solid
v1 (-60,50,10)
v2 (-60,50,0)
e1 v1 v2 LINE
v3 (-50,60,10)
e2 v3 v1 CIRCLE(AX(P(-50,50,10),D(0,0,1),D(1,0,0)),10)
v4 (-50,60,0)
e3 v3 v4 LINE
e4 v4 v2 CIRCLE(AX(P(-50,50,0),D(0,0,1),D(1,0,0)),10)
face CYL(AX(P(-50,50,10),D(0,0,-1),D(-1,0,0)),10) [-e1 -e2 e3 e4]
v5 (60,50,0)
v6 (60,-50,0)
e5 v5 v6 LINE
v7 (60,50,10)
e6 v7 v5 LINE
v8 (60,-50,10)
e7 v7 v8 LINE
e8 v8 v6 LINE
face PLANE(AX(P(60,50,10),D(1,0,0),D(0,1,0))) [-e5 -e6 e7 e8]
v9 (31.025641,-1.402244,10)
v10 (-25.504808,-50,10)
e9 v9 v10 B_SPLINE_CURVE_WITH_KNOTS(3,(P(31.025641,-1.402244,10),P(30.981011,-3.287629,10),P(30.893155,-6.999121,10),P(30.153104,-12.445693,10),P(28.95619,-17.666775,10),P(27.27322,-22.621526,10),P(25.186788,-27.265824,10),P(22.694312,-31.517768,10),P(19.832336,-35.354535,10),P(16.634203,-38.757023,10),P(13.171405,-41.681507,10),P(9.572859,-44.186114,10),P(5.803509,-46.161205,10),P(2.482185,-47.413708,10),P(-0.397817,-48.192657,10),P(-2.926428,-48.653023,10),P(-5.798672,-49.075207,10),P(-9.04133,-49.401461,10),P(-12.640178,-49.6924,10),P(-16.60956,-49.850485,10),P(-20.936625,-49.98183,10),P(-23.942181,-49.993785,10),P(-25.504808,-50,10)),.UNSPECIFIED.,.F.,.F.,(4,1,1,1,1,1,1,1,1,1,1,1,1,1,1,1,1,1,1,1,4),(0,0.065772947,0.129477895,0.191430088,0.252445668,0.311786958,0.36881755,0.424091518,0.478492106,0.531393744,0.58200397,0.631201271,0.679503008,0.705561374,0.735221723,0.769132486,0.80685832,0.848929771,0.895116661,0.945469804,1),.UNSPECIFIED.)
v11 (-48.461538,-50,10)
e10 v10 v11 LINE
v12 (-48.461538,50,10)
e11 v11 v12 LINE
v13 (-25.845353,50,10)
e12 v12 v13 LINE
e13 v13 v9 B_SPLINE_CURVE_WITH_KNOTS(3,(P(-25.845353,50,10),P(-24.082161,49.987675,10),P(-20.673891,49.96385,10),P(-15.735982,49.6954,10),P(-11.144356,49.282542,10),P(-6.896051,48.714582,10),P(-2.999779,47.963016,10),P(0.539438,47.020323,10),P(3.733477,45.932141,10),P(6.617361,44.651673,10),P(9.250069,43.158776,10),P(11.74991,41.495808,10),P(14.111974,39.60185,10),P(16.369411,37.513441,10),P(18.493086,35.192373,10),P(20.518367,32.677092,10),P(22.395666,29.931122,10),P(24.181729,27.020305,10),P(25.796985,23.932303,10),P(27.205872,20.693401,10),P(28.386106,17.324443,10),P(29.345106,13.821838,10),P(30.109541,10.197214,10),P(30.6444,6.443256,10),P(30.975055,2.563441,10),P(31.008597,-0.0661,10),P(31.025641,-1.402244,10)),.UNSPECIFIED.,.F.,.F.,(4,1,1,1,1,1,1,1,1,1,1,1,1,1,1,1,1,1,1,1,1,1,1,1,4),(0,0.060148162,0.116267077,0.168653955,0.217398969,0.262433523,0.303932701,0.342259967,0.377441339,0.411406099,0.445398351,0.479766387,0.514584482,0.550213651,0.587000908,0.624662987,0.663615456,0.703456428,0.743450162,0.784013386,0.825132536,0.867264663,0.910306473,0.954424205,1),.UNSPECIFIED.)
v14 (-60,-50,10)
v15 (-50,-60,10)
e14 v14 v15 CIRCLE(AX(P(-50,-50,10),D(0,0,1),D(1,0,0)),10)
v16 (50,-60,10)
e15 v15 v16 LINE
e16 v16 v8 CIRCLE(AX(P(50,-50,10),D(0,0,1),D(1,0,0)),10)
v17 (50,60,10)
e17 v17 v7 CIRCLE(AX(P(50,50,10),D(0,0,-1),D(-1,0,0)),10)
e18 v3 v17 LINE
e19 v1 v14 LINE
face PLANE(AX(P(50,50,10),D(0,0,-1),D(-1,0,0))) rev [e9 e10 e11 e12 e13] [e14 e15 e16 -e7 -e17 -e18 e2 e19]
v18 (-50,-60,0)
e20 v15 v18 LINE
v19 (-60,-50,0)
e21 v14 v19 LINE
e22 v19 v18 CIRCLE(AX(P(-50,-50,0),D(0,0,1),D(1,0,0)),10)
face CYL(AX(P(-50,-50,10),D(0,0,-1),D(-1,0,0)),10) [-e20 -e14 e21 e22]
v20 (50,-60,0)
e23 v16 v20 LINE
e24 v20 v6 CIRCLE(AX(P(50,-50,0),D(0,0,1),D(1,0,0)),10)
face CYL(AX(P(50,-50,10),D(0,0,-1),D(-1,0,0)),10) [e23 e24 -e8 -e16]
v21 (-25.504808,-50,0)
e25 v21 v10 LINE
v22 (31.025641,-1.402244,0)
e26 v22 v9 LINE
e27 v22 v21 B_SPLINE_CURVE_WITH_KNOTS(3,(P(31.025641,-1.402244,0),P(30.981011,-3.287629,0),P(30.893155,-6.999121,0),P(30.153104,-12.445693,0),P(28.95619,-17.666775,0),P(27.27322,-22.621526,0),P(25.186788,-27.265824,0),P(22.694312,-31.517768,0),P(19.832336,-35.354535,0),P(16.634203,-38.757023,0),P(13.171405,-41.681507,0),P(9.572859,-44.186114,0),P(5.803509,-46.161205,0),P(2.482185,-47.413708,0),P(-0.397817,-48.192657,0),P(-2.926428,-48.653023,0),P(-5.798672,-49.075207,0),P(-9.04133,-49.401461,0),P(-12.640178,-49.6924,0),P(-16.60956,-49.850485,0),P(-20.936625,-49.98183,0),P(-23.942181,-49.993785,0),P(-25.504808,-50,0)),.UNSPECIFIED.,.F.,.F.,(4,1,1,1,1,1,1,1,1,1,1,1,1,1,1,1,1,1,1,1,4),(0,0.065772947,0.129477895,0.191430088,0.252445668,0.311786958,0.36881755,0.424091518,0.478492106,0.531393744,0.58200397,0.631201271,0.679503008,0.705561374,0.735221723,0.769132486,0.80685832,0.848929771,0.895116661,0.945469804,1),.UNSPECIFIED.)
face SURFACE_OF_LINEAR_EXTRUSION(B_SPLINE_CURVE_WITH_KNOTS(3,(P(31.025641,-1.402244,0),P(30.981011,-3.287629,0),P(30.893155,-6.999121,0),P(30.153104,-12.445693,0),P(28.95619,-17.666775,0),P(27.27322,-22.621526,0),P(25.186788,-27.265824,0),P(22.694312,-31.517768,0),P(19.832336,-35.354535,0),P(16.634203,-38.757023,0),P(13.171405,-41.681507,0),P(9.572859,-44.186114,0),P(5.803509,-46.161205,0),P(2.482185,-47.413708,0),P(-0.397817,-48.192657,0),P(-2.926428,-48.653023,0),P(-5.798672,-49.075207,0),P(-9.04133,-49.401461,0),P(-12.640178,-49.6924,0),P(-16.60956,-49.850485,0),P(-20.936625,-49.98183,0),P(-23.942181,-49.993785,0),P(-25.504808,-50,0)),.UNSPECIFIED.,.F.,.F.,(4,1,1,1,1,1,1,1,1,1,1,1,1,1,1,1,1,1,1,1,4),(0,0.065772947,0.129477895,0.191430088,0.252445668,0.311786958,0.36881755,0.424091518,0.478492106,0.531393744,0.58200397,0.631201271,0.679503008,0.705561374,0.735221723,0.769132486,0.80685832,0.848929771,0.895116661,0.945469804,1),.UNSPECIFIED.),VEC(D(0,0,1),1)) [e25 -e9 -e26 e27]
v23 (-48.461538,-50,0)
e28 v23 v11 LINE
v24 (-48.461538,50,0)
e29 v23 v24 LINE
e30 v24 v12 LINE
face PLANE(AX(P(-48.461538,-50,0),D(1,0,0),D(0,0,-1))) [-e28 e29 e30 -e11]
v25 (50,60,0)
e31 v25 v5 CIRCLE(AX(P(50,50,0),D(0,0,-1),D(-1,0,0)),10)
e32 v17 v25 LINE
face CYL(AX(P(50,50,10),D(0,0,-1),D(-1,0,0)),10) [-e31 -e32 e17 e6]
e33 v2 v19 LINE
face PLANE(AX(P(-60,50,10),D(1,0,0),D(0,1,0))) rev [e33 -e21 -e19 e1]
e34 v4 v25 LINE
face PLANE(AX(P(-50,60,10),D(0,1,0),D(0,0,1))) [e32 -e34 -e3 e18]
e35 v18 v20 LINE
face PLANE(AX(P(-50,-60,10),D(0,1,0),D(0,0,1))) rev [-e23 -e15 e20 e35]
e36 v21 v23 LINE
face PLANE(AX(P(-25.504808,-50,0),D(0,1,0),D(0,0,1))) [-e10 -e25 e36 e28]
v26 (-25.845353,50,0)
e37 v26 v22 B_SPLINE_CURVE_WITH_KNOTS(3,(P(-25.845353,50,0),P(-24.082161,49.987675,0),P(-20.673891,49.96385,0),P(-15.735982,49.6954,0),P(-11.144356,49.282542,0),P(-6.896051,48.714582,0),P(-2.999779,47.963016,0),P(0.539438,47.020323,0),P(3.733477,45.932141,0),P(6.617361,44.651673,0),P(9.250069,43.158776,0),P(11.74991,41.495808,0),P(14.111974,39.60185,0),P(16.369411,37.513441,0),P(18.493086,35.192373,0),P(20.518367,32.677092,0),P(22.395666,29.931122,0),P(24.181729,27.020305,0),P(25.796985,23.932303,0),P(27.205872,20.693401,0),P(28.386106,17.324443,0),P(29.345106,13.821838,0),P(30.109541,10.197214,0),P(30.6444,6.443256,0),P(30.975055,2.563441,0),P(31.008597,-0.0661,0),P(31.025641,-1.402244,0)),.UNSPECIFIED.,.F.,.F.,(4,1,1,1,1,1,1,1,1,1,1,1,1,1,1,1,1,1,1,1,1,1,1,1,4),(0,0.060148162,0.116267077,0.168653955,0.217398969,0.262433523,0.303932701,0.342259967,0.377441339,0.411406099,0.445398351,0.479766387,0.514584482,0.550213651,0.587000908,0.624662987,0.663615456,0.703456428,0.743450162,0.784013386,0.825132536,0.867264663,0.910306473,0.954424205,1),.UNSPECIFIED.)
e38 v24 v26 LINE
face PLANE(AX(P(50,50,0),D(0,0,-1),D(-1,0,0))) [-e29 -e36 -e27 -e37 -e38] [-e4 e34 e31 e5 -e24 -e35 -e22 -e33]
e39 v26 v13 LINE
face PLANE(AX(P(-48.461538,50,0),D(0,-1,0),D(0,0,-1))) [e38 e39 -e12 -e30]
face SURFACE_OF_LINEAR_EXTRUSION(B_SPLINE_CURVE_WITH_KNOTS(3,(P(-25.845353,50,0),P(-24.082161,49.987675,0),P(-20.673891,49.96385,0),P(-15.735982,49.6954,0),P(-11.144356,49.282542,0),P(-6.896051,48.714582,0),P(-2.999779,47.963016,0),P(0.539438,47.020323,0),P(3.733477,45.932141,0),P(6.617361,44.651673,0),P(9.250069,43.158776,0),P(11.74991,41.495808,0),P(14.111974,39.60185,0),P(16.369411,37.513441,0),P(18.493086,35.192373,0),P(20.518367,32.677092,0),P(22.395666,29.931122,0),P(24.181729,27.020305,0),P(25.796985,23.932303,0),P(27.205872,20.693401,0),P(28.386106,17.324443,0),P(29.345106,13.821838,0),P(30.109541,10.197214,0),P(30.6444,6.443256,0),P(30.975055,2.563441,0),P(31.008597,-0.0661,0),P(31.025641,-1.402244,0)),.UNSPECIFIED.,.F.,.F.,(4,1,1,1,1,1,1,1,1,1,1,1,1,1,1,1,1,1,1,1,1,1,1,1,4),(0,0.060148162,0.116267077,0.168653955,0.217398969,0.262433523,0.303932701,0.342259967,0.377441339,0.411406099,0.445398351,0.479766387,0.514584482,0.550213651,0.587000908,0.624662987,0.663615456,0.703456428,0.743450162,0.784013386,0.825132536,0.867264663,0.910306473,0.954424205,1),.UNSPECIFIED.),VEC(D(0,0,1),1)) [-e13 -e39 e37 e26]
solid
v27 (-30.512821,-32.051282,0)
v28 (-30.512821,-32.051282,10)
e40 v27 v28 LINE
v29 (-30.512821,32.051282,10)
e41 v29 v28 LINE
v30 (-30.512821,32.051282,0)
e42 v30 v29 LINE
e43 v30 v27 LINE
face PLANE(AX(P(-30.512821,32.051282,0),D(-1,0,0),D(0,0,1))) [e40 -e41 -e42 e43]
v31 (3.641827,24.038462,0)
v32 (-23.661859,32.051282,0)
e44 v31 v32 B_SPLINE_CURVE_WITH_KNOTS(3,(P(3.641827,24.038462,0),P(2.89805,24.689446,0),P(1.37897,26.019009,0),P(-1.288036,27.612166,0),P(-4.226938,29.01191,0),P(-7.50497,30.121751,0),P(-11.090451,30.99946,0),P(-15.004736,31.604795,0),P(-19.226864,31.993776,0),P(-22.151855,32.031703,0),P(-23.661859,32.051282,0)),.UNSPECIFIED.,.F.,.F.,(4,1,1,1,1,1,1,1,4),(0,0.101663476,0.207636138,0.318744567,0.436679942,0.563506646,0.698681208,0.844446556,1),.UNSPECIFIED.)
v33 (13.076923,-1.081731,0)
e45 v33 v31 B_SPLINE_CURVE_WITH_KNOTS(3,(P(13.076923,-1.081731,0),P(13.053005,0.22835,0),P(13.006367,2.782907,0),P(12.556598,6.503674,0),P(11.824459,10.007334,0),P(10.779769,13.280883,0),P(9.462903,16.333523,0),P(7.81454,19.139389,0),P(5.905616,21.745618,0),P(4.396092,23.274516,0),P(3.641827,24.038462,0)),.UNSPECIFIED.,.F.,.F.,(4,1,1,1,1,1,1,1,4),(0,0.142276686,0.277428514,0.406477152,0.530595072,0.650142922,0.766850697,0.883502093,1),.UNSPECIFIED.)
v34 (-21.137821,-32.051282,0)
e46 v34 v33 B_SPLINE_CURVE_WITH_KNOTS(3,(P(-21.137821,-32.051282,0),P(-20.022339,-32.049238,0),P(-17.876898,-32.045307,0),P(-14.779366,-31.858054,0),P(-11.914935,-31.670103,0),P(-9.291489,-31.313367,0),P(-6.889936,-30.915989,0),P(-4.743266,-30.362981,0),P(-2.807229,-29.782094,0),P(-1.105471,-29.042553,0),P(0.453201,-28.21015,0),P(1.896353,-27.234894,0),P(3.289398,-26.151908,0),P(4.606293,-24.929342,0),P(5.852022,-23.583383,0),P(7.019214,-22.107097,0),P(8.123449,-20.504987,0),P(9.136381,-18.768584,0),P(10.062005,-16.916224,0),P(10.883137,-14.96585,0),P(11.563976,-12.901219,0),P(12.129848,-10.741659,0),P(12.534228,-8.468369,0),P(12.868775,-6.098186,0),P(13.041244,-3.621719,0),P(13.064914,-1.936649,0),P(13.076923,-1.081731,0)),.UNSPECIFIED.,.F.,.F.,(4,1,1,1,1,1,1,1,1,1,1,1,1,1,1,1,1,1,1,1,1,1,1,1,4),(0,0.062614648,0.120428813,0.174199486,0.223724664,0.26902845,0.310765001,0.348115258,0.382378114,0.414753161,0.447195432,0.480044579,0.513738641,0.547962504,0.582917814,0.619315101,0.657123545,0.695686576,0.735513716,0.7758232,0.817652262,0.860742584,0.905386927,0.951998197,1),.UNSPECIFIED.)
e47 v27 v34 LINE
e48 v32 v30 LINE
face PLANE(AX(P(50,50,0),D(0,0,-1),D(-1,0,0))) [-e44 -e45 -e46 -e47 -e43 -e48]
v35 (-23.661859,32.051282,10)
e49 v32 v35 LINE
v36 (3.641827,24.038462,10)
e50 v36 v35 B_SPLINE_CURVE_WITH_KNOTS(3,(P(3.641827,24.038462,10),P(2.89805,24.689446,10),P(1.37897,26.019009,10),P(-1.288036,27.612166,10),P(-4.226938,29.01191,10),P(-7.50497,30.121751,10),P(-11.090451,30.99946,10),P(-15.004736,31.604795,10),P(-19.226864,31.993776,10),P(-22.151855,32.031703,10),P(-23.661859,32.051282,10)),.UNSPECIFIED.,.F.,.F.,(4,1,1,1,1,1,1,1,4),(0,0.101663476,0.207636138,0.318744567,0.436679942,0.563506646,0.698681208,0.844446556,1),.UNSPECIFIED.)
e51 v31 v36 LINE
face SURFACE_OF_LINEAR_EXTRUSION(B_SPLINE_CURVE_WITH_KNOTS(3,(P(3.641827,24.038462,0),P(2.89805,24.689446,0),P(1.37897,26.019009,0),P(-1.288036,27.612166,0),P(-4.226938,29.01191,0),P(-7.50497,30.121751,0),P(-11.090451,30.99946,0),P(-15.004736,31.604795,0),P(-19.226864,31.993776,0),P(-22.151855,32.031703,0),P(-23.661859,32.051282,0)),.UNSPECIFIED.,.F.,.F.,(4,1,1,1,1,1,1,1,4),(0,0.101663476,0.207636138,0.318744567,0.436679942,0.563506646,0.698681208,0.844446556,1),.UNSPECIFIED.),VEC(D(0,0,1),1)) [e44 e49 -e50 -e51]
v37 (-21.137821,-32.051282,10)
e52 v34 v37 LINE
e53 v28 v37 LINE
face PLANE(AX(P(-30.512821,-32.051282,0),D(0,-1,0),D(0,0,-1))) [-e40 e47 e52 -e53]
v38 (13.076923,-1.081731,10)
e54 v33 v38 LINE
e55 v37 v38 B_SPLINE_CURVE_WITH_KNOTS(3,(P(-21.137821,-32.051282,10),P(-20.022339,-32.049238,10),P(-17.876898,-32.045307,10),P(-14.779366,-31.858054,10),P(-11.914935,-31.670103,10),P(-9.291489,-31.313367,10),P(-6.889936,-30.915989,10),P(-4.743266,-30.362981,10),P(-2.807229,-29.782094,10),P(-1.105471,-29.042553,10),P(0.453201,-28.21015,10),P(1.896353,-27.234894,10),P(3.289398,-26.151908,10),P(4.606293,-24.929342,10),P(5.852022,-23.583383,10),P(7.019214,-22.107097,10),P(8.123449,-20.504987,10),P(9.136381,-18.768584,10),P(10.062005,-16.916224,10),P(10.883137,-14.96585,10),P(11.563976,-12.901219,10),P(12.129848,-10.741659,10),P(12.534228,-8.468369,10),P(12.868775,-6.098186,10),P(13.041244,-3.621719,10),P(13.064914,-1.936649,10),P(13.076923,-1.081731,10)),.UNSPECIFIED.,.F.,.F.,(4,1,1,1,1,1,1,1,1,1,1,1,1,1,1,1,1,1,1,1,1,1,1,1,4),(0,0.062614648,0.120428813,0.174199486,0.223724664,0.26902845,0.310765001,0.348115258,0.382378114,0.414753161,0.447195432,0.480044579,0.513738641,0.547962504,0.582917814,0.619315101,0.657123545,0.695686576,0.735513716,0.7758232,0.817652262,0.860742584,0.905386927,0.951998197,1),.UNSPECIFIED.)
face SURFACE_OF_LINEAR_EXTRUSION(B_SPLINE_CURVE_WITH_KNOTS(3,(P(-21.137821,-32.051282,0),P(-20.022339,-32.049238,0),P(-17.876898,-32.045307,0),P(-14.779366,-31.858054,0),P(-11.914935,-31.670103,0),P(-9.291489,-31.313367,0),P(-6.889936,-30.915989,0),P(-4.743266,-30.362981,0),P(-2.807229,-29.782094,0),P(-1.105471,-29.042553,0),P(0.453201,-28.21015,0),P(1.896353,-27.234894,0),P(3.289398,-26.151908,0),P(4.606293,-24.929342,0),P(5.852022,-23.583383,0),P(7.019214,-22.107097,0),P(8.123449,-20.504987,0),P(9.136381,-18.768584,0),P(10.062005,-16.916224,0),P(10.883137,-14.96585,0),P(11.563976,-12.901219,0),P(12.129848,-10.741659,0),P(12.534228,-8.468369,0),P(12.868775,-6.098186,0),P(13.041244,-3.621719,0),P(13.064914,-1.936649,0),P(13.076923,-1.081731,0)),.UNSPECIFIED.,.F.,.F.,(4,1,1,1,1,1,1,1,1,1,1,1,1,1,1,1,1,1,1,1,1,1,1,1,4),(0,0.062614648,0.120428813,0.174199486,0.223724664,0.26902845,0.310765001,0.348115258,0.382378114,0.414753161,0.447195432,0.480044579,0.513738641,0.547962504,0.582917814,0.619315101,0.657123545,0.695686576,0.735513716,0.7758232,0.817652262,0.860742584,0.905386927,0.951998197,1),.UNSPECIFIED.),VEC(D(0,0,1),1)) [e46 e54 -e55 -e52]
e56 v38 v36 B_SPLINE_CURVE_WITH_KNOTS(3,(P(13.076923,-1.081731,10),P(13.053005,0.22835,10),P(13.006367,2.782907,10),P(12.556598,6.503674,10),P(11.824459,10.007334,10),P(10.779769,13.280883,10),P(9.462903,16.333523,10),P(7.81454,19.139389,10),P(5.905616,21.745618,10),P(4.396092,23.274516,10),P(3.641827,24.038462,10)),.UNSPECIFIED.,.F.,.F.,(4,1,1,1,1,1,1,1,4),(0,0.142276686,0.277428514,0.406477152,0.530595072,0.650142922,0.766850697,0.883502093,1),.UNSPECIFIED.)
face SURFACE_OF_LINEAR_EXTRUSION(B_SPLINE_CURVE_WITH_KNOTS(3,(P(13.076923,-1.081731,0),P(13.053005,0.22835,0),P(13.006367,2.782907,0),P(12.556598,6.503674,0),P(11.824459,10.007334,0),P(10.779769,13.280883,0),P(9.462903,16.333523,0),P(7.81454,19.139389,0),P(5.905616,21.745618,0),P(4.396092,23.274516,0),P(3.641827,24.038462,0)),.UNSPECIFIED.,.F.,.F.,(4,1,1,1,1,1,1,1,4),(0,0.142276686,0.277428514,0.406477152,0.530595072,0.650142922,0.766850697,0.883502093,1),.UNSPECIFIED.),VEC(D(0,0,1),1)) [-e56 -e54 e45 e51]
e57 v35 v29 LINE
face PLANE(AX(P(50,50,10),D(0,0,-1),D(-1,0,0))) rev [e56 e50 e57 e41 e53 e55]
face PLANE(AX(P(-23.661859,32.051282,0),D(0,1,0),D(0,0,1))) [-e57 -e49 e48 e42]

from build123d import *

# Parameters (mm, degrees)
BOSS_EXTRUDE1_DEPTH = 10
CUT_EXTRUDE17_DEPTH = 10


with BuildPart() as part:
    # Sketch1 → Boss-Extrude1 (new body)
    with BuildSketch(Plane.XY):
        with BuildLine():
            Line((-50, 60), (50, 60))
            ThreePointArc((50, 60), (57.071067812, 57.071067812), (60, 50))
            Line((60, 50), (60, -50))
            ThreePointArc((60, -50), (57.071067812, -57.071067812), (50, -60))
            Line((50, -60), (-50, -60))
            ThreePointArc((-50, -60), (-57.071067812, -57.071067812), (-60, -50))
            Line((-60, -50), (-60, 50))
            ThreePointArc((-60, 50), (-57.071067812, 57.071067812), (-50, 60))
        make_face()
    extrude(amount=BOSS_EXTRUDE1_DEPTH)

    # Sketch2 → Cut-Extrude17 (cut)
    with BuildSketch(Plane.XY.offset(10)):
        with BuildLine():
            Line((-48.461538462, 50), (-25.845352564, 50))
            add(Edge.make_bspline(
                [(-25.845352564, 50), (-24.082160742, 49.987674686), (-20.673891012, 49.963849714), (-15.735982447, 49.695399577), (-11.144355841, 49.282542324), (-6.896051342, 48.714582352), (-2.999778658, 47.963015778), (0.539438041, 47.020322812), (3.733477219, 45.932140614), (6.617360853, 44.651673443), (9.250069228, 43.158775888), (11.749909855, 41.495807867), (14.111974354, 39.601850002), (16.369410563, 37.513440515), (18.49308579, 35.192372596), (20.518366839, 32.677091539), (22.395665633, 29.931122295), (24.181728861, 27.020304552), (25.796985387, 23.932302541), (27.205872485, 20.693400689), (28.386105749, 17.324442539), (29.345106395, 13.821837658), (30.109540588, 10.197213625), (30.644399787, 6.443256293), (30.975055072, 2.563441196), (31.008597286, -0.066099994), (31.025641026, -1.40224359)],
                knots=[0, 0, 0, 0, 1.44355588, 2.790409838, 4.047694926, 5.217575253, 6.298404546, 7.294384826, 8.214239204, 9.058592145, 9.873746385, 10.689560431, 11.514393297, 12.350027578, 13.205127629, 14.088021785, 14.991911688, 15.926770944, 16.882954281, 17.842803888, 18.816321264, 19.80318086, 20.814351908, 21.847355356, 22.906180909, 24, 24, 24, 24], degree=3))
            add(Edge.make_bspline(
                [(31.025641026, -1.40224359), (30.981011315, -3.287629175), (30.893155118, -6.999121063), (30.153103587, -12.445692648), (28.956189681, -17.666774746), (27.273220019, -22.621526024), (25.186788159, -27.265823698), (22.694311666, -31.51776752), (19.832336049, -35.354535213), (16.634203493, -38.757022818), (13.17140484, -41.681507029), (9.572858759, -44.18611374), (5.803508857, -46.161205126), (2.482184812, -47.413708419), (-0.397817491, -48.192657106), (-2.926428357, -48.653023281), (-5.7986723, -49.075206827), (-9.041330495, -49.401461191), (-12.640178109, -49.692399907), (-16.60956019, -49.850484682), (-20.936625018, -49.981829664), (-23.942180668, -49.993784518), (-25.504807692, -50)],
                knots=[0, 0, 0, 0, 1.315458931, 2.589557908, 3.828601765, 5.048913369, 6.235739168, 7.376350998, 8.481830359, 9.569842114, 10.627874879, 11.640079404, 12.624025415, 13.590060155, 14.111227486, 14.704434459, 15.382649715, 16.137166398, 16.978595427, 17.902333227, 18.909396075, 20, 20, 20, 20], degree=3))
            Line((-25.504807692, -50), (-48.461538462, -50))
            Line((-48.461538462, -50), (-48.461538462, 50))
        make_face()
        with BuildLine():
            Line((-30.512820513, 32.051282051), (-30.512820513, -32.051282051))
            Line((-30.512820513, -32.051282051), (-21.137820513, -32.051282051))
            add(Edge.make_bspline(
                [(-21.137820513, -32.051282051), (-20.022339491, -32.049238028), (-17.876898139, -32.045306691), (-14.779366471, -31.858053727), (-11.914935082, -31.670103388), (-9.291489078, -31.313367358), (-6.889935839, -30.915988524), (-4.743266416, -30.362981465), (-2.807228622, -29.782094397), (-1.10547079, -29.042553162), (0.453200729, -28.210150282), (1.896352519, -27.234893807), (3.289398046, -26.151908272), (4.606293203, -24.929341533), (5.852022118, -23.583382669), (7.019214274, -22.107096551), (8.123448597, -20.504987375), (9.136381479, -18.768584388), (10.062004971, -16.9162244), (10.883136731, -14.965850217), (11.563976126, -12.901219421), (12.129848148, -10.741659445), (12.534227872, -8.468368865), (12.868774965, -6.098185629), (13.04124374, -3.621719269), (13.064914004, -1.936648792), (13.076923077, -1.081730769)],
                knots=[0, 0, 0, 0, 1.50275155, 2.890291501, 4.180787663, 5.369391935, 6.45668281, 7.458360028, 8.354766181, 9.177074746, 9.954075863, 10.732690366, 11.5210699, 12.329727389, 13.151100085, 13.990027547, 14.863562427, 15.770965086, 16.696477834, 17.652329173, 18.619756807, 19.62365428, 20.657822005, 21.729286259, 22.847956731, 24, 24, 24, 24], degree=3))
            add(Edge.make_bspline(
                [(13.076923077, -1.081730769), (13.053005079, 0.228350281), (13.006366837, 2.78290682), (12.556597719, 6.503674179), (11.824459395, 10.007334043), (10.779768546, 13.280883392), (9.462903354, 16.333522618), (7.814539595, 19.139389398), (5.905616497, 21.745618433), (4.396092194, 23.274516009), (3.641826923, 24.038461538)],
                knots=[0, 0, 0, 0, 1.13821349, 2.219428113, 3.251817212, 4.244760574, 5.201143372, 6.134805572, 7.068016741, 8, 8, 8, 8], degree=3))
            add(Edge.make_bspline(
                [(3.641826923, 24.038461538), (2.898049947, 24.689446406), (1.378969693, 26.019009285), (-1.288036039, 27.612165629), (-4.226938227, 29.011909632), (-7.504970144, 30.121750526), (-11.090451066, 30.999460017), (-15.00473619, 31.604794791), (-19.226863674, 31.9937765), (-22.151855217, 32.031702865), (-23.661858974, 32.051282051)],
                knots=[0, 0, 0, 0, 0.813307809, 1.661089106, 2.549956539, 3.493439533, 4.508053171, 5.589449661, 6.755572447, 8, 8, 8, 8], degree=3))
            Line((-23.661858974, 32.051282051), (-30.512820513, 32.051282051))
        make_face(mode=Mode.SUBTRACT)
    extrude(amount=-CUT_EXTRUDE17_DEPTH, mode=Mode.SUBTRACT)


with BuildPart() as cut_extrude17_piece_1:
    # of the separate pieces the step leaves, piece 1, a body of its own (cut_extrude17_pieces)
    add(part.part.solids().sort_by_distance((-50, 60, 0))[0])


with BuildPart() as cut_extrude17_piece_2:
    # of the separate pieces the step leaves, piece 2, a body of its own (cut_extrude17_pieces)
    add(part.part.solids().sort_by_distance((-30.512820513, 32.051282051, 0))[0])


solid = Compound([cut_extrude17_piece_1.part, cut_extrude17_piece_2.part])
